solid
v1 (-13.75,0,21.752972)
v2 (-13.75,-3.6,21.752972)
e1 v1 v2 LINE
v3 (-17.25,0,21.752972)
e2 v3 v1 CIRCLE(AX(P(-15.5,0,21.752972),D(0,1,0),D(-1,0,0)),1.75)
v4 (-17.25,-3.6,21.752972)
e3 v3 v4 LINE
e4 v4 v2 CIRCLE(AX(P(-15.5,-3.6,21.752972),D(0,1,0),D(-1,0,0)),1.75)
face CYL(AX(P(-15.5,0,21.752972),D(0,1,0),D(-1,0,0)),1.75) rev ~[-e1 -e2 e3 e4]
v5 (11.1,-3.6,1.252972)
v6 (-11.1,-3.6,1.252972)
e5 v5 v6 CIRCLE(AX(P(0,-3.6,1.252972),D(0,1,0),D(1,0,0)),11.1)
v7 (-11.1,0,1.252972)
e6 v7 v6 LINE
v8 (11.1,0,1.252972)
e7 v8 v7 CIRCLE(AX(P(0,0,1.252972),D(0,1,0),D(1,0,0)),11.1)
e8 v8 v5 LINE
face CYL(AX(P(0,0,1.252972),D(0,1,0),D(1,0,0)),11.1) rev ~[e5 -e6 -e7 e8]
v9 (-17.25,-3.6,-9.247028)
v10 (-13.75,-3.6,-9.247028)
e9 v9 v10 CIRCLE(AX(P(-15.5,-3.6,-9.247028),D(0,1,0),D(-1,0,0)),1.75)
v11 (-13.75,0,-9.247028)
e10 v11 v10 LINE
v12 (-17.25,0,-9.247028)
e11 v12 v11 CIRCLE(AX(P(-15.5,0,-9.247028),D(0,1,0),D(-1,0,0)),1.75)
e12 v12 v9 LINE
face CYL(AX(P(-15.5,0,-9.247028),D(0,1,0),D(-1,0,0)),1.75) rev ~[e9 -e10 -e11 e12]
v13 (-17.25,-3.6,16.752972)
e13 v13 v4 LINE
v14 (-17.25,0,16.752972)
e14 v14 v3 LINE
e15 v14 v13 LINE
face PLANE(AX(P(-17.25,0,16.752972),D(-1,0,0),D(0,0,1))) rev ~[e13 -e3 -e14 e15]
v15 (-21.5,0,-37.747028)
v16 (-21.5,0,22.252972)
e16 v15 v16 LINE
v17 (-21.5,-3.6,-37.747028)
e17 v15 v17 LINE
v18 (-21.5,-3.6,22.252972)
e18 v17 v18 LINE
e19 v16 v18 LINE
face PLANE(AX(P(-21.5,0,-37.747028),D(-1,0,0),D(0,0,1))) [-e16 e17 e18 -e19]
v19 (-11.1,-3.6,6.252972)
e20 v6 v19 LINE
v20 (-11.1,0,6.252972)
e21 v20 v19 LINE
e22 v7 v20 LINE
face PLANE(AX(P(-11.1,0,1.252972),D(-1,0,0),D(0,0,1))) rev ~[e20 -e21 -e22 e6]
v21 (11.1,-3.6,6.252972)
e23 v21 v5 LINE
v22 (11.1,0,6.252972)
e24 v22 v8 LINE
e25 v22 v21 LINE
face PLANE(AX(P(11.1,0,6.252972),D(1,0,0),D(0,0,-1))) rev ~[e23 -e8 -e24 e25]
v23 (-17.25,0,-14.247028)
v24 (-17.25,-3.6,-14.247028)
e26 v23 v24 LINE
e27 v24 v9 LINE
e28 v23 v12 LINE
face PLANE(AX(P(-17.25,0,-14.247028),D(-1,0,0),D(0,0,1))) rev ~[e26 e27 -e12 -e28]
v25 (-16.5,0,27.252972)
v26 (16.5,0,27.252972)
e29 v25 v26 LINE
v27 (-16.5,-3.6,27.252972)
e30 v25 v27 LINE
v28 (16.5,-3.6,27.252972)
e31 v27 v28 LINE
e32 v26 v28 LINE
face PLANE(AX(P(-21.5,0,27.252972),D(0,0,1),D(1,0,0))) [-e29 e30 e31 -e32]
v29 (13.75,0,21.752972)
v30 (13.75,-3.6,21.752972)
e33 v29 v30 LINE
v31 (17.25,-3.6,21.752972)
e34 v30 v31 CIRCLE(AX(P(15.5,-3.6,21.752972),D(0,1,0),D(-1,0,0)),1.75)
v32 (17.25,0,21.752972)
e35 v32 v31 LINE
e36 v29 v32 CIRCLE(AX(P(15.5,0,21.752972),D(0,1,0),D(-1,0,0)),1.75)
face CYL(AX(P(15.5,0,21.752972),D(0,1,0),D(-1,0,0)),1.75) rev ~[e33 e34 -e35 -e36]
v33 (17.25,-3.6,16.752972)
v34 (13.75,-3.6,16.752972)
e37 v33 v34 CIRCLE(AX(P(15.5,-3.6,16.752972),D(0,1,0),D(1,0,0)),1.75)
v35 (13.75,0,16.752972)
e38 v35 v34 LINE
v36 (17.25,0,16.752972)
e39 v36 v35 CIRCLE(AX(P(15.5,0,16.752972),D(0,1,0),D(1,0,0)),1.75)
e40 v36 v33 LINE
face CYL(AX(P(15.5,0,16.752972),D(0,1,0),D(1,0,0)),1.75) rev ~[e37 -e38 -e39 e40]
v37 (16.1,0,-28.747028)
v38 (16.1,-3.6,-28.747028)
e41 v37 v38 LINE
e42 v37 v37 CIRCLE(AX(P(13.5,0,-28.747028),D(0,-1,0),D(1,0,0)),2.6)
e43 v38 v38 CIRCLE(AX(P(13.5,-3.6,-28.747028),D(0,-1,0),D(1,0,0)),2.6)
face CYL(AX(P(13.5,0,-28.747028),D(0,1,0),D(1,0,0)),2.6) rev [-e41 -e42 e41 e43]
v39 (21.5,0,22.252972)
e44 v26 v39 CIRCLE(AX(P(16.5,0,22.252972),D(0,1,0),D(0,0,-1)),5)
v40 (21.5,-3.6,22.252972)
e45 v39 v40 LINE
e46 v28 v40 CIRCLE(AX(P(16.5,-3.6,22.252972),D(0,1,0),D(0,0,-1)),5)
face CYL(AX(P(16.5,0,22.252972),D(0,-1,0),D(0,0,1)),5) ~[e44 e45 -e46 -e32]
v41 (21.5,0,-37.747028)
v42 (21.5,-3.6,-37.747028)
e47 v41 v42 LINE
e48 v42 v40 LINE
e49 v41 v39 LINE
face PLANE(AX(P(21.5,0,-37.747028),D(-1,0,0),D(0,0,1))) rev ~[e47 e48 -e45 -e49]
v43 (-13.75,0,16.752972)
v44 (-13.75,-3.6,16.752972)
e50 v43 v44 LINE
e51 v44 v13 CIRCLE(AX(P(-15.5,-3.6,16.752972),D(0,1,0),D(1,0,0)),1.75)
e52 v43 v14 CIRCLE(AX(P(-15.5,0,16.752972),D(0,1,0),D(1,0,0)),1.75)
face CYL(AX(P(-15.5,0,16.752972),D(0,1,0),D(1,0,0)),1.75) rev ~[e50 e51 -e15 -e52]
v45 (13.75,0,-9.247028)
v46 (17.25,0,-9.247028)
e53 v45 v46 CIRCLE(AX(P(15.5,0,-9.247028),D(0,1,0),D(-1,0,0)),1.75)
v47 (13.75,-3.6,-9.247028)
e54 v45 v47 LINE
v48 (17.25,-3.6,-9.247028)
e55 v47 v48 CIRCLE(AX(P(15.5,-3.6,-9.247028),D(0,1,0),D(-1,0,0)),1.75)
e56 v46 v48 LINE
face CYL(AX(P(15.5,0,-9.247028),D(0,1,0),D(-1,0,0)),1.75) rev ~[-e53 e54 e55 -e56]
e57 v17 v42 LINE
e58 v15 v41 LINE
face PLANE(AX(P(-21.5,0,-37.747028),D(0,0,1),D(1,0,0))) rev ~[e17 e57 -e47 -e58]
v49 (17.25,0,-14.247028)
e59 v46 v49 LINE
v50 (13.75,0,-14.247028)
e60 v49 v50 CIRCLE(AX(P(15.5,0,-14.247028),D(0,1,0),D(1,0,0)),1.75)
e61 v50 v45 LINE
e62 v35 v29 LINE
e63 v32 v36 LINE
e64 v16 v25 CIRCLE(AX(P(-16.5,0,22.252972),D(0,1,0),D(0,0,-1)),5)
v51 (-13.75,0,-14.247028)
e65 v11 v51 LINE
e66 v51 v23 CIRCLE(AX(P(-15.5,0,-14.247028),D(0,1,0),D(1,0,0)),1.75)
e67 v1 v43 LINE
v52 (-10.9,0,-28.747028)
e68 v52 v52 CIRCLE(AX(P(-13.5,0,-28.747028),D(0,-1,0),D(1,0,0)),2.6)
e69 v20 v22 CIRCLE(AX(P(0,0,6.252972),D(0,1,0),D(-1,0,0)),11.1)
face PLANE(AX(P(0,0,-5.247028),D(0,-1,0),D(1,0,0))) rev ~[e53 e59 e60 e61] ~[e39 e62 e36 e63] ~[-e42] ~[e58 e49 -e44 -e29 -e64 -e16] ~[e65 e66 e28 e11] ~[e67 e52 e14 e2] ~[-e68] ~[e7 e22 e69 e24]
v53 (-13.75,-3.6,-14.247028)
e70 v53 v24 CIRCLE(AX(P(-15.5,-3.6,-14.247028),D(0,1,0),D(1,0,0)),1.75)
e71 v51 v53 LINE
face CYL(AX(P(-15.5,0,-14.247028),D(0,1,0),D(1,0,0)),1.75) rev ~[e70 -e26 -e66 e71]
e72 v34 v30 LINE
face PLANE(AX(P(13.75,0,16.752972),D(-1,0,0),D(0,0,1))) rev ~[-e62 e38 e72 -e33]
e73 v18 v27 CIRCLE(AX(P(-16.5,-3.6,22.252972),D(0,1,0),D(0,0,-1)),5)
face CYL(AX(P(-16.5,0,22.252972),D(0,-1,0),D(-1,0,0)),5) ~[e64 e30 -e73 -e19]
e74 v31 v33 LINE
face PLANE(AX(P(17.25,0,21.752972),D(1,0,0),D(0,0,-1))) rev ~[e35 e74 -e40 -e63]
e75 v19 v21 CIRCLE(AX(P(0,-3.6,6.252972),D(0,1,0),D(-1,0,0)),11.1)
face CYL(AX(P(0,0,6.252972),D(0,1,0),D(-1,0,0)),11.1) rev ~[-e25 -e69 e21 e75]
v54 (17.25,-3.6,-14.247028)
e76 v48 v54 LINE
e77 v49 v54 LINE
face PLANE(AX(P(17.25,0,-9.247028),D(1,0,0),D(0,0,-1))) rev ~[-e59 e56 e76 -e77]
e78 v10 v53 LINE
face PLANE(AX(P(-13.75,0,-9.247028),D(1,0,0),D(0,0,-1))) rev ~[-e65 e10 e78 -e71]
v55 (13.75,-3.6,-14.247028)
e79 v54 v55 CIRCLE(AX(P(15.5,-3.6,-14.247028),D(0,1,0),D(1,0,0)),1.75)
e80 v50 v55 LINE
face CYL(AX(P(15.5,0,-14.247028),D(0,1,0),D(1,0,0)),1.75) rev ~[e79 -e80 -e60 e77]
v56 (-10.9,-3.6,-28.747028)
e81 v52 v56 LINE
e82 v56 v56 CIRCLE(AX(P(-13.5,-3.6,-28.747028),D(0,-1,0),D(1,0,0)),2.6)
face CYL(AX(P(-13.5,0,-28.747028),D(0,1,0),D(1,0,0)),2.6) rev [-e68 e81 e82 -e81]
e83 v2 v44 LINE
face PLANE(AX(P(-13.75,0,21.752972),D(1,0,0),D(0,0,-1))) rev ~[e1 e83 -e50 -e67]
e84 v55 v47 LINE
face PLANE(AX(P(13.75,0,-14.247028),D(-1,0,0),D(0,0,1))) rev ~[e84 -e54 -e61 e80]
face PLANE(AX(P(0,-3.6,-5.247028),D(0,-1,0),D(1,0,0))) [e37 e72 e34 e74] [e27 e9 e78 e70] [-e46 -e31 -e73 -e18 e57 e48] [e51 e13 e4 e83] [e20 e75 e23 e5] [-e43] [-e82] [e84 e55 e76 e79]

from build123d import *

# Parameters (mm, degrees)
F0_W     = 43
F0_H     = 65
F0_R     = 2.6
F1_DEPTH = 3.6
F2_R     = 5


with BuildPart() as f1:
    # F0 (on Front) → F1 (new body)
    with BuildSketch(Plane.XZ):
        with Locations((0, -5.247028)):
            Rectangle(F0_W, F0_H)
        with Locations((-13.5, -28.747028)):
            Circle(F0_R, mode=Mode.SUBTRACT)
        with BuildLine():
            ThreePointArc((-17.25, -9.247028), (-15.5, -7.497028), (-13.75, -9.247028))
            Line((-13.75, -9.247028), (-13.75, -14.247028))
            ThreePointArc((-13.75, -14.247028), (-15.5, -15.997028), (-17.25, -14.247028))
            Line((-17.25, -14.247028), (-17.25, -9.247028))
        make_face(mode=Mode.SUBTRACT)
        with Locations((13.5, -28.747028)):
            Circle(F0_R, mode=Mode.SUBTRACT)
        with BuildLine():
            ThreePointArc((13.75, -9.247028), (15.5, -7.497028), (17.25, -9.247028))
            Line((17.25, -9.247028), (17.25, -14.247028))
            ThreePointArc((17.25, -14.247028), (15.5, -15.997028), (13.75, -14.247028))
            Line((13.75, -14.247028), (13.75, -9.247028))
        make_face(mode=Mode.SUBTRACT)
        with BuildLine():
            ThreePointArc((-17.25, 21.752972), (-15.5, 23.502972), (-13.75, 21.752972))
            Line((-13.75, 21.752972), (-13.75, 16.752972))
            ThreePointArc((-13.75, 16.752972), (-15.5, 15.002972), (-17.25, 16.752972))
            Line((-17.25, 16.752972), (-17.25, 21.752972))
        make_face(mode=Mode.SUBTRACT)
        with BuildLine():
            ThreePointArc((11.1, 1.252972), (0, -9.847028), (-11.1, 1.252972))
            Line((-11.1, 1.252972), (-11.1, 6.252972))
            ThreePointArc((-11.1, 6.252972), (0, 17.352972), (11.1, 6.252972))
            Line((11.1, 6.252972), (11.1, 1.252972))
        make_face(mode=Mode.SUBTRACT)
        with BuildLine():
            ThreePointArc((13.75, 21.752972), (15.5, 23.502972), (17.25, 21.752972))
            Line((17.25, 21.752972), (17.25, 16.752972))
            ThreePointArc((17.25, 16.752972), (15.5, 15.002972), (13.75, 16.752972))
            Line((13.75, 16.752972), (13.75, 21.752972))
        make_face(mode=Mode.SUBTRACT)
    extrude(amount=F1_DEPTH)

    # F2
    f2_edges = [f1.edges().sort_by_distance(p)[0] for p in [
        (-21.5, -1.8, 27.252972),
        (21.5, -1.8, 27.252972),
    ]]
    fillet(f2_edges, radius=F2_R)


solid = f1.part
